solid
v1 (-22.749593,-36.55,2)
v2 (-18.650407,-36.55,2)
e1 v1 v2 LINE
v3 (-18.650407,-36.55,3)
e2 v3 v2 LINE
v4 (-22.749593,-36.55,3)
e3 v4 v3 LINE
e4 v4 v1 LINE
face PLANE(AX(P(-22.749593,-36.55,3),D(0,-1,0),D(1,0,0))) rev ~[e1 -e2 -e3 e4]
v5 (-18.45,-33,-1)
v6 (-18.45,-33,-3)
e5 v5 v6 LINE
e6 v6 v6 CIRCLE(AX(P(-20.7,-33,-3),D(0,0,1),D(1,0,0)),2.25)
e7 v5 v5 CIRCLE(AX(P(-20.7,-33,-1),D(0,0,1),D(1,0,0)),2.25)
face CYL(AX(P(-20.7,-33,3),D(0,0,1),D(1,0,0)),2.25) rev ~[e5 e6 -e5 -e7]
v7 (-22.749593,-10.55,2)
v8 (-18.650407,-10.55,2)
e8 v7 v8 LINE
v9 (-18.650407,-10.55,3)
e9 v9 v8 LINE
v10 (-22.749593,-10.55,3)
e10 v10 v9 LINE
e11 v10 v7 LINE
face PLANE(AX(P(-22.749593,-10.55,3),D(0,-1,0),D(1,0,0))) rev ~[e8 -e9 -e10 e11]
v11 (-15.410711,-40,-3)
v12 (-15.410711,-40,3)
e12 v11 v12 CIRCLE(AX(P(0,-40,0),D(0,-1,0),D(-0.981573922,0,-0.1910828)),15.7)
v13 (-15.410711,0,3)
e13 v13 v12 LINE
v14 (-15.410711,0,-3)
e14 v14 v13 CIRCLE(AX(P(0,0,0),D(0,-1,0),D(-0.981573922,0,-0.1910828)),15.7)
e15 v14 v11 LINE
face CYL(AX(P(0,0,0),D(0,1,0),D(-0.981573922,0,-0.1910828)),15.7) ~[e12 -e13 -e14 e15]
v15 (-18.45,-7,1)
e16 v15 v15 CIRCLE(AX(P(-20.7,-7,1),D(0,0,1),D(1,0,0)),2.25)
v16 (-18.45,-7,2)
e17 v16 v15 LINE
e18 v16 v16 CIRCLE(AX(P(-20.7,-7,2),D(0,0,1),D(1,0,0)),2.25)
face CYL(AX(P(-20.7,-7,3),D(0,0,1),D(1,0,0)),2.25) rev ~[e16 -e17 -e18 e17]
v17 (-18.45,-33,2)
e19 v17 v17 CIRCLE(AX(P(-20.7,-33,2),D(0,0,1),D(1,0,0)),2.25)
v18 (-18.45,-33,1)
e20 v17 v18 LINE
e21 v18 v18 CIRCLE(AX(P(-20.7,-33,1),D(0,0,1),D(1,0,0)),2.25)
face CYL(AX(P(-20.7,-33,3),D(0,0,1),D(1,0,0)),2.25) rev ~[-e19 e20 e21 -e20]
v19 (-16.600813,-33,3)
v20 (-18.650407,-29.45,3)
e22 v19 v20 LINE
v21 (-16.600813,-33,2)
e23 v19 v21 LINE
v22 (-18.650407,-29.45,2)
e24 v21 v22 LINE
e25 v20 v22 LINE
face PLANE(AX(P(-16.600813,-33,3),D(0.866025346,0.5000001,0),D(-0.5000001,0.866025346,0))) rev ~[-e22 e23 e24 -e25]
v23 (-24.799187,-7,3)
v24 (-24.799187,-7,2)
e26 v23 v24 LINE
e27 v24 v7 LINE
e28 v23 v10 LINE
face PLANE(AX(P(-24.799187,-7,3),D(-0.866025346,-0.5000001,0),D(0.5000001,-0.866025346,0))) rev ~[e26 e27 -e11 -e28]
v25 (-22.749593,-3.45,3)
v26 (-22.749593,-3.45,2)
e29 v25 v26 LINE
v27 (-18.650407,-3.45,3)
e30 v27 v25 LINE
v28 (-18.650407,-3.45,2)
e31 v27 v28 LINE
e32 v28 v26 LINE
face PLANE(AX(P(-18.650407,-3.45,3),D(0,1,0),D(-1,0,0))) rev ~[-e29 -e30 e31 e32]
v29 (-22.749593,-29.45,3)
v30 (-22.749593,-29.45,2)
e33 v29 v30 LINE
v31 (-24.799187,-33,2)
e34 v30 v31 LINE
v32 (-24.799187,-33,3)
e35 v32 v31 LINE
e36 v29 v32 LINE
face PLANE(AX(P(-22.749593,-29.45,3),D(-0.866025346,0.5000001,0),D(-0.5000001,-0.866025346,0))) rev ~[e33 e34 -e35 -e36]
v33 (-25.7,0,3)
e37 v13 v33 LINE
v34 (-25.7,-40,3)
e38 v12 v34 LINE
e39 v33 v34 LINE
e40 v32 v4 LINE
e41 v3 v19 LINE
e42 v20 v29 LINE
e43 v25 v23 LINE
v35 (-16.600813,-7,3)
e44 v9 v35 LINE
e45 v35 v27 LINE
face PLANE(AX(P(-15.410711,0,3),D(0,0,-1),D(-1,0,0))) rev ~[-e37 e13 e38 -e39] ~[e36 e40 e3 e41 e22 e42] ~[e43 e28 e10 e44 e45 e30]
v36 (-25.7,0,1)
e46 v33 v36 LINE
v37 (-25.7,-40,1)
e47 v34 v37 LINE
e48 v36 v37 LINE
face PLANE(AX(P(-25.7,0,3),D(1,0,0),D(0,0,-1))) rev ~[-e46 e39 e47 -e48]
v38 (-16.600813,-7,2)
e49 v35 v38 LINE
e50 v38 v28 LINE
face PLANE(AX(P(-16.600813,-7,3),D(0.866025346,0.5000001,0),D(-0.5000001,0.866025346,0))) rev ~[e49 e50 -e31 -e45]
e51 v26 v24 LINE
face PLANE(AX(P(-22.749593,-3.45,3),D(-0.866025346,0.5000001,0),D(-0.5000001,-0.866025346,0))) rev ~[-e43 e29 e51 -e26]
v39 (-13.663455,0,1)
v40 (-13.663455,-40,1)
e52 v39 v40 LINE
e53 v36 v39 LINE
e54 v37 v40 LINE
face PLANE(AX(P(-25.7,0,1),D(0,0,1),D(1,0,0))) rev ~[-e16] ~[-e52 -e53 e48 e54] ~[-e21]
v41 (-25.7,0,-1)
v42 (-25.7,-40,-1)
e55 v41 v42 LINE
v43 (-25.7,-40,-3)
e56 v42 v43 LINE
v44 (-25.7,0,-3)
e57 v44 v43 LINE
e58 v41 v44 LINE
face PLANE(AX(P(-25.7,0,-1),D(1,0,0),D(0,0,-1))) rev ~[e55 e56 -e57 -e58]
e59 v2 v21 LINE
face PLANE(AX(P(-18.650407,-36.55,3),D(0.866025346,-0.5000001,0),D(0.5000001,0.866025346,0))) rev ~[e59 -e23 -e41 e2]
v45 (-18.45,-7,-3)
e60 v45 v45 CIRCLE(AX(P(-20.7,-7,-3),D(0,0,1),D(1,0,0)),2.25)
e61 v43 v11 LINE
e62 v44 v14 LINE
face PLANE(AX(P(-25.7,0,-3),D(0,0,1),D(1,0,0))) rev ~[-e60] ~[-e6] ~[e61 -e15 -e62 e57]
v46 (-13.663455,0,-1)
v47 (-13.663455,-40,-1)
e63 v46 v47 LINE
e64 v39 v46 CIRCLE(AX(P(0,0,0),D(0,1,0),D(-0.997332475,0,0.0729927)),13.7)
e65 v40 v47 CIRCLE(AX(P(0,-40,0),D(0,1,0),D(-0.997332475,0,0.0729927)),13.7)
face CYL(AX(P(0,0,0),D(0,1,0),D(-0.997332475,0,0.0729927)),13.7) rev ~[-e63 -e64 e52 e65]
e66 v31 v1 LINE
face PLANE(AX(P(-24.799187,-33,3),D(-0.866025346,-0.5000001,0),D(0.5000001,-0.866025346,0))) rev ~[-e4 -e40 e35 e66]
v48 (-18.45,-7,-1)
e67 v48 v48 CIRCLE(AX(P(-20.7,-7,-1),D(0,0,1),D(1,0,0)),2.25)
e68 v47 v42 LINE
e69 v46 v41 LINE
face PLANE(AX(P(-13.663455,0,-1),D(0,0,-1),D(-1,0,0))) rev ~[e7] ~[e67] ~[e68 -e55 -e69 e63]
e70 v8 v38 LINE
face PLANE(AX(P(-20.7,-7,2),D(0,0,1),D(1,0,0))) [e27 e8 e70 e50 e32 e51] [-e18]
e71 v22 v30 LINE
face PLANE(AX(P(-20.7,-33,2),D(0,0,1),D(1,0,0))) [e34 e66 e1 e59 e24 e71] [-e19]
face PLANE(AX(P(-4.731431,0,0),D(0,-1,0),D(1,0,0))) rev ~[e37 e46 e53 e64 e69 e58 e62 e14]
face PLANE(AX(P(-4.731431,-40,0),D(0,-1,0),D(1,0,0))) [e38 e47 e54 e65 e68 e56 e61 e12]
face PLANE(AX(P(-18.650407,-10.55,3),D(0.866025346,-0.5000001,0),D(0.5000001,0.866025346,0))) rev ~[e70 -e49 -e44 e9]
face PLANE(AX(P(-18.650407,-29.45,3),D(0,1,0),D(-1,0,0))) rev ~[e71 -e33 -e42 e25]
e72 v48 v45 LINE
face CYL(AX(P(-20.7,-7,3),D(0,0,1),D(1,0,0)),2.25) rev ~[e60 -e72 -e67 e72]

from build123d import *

# Parameters (mm, degrees)
F1_DEPTH = 40
F3_DEPTH = 1
F4_R     = 2.25
F5_DEPTH = 18.701


with BuildPart() as f1:
    # F0 (on Front) → F1 (new body)
    with BuildSketch(Plane.XZ):
        with BuildLine():
            ThreePointArc((-13.663455, 1), (13.7, 0), (-13.663455, -1))
            Line((-13.663455, -1), (-25.7, -1))
            Line((-25.7, -1), (-25.7, -3))
            Line((-25.7, -3), (-15.410711, -3))
            ThreePointArc((-15.410711, -3), (15.7, 0), (-15.410711, 3))
            Line((-15.410711, 3), (-25.7, 3))
            Line((-25.7, 3), (-25.7, 1))
            Line((-25.7, 1), (-13.663455, 1))
        make_face()
    extrude(amount=F1_DEPTH)

    # F2 (on face) → F3 (cut)
    with BuildSketch(Plane.XY.offset(3)):
        Polygon((-16.600813, -33), (-18.650407, -29.45), (-22.749593, -29.45), (-24.799187, -33), (-22.749593, -36.55), (-18.650407, -36.55), align=None)
        Polygon((-24.799187, -7), (-22.749593, -10.55), (-18.650407, -10.55), (-16.600813, -7), (-18.650407, -3.45), (-22.749593, -3.45), align=None)
    extrude(amount=-F3_DEPTH, mode=Mode.SUBTRACT)

    # F4 (on face) → F5 (cut, through all)
    with BuildSketch(Plane.XY.offset(3)):
        with Locations((-20.7, -33)):
            Circle(F4_R)
        with Locations((-20.7, -7)):
            Circle(F4_R)
    extrude(amount=-F5_DEPTH, mode=Mode.SUBTRACT)


solid = f1.part
